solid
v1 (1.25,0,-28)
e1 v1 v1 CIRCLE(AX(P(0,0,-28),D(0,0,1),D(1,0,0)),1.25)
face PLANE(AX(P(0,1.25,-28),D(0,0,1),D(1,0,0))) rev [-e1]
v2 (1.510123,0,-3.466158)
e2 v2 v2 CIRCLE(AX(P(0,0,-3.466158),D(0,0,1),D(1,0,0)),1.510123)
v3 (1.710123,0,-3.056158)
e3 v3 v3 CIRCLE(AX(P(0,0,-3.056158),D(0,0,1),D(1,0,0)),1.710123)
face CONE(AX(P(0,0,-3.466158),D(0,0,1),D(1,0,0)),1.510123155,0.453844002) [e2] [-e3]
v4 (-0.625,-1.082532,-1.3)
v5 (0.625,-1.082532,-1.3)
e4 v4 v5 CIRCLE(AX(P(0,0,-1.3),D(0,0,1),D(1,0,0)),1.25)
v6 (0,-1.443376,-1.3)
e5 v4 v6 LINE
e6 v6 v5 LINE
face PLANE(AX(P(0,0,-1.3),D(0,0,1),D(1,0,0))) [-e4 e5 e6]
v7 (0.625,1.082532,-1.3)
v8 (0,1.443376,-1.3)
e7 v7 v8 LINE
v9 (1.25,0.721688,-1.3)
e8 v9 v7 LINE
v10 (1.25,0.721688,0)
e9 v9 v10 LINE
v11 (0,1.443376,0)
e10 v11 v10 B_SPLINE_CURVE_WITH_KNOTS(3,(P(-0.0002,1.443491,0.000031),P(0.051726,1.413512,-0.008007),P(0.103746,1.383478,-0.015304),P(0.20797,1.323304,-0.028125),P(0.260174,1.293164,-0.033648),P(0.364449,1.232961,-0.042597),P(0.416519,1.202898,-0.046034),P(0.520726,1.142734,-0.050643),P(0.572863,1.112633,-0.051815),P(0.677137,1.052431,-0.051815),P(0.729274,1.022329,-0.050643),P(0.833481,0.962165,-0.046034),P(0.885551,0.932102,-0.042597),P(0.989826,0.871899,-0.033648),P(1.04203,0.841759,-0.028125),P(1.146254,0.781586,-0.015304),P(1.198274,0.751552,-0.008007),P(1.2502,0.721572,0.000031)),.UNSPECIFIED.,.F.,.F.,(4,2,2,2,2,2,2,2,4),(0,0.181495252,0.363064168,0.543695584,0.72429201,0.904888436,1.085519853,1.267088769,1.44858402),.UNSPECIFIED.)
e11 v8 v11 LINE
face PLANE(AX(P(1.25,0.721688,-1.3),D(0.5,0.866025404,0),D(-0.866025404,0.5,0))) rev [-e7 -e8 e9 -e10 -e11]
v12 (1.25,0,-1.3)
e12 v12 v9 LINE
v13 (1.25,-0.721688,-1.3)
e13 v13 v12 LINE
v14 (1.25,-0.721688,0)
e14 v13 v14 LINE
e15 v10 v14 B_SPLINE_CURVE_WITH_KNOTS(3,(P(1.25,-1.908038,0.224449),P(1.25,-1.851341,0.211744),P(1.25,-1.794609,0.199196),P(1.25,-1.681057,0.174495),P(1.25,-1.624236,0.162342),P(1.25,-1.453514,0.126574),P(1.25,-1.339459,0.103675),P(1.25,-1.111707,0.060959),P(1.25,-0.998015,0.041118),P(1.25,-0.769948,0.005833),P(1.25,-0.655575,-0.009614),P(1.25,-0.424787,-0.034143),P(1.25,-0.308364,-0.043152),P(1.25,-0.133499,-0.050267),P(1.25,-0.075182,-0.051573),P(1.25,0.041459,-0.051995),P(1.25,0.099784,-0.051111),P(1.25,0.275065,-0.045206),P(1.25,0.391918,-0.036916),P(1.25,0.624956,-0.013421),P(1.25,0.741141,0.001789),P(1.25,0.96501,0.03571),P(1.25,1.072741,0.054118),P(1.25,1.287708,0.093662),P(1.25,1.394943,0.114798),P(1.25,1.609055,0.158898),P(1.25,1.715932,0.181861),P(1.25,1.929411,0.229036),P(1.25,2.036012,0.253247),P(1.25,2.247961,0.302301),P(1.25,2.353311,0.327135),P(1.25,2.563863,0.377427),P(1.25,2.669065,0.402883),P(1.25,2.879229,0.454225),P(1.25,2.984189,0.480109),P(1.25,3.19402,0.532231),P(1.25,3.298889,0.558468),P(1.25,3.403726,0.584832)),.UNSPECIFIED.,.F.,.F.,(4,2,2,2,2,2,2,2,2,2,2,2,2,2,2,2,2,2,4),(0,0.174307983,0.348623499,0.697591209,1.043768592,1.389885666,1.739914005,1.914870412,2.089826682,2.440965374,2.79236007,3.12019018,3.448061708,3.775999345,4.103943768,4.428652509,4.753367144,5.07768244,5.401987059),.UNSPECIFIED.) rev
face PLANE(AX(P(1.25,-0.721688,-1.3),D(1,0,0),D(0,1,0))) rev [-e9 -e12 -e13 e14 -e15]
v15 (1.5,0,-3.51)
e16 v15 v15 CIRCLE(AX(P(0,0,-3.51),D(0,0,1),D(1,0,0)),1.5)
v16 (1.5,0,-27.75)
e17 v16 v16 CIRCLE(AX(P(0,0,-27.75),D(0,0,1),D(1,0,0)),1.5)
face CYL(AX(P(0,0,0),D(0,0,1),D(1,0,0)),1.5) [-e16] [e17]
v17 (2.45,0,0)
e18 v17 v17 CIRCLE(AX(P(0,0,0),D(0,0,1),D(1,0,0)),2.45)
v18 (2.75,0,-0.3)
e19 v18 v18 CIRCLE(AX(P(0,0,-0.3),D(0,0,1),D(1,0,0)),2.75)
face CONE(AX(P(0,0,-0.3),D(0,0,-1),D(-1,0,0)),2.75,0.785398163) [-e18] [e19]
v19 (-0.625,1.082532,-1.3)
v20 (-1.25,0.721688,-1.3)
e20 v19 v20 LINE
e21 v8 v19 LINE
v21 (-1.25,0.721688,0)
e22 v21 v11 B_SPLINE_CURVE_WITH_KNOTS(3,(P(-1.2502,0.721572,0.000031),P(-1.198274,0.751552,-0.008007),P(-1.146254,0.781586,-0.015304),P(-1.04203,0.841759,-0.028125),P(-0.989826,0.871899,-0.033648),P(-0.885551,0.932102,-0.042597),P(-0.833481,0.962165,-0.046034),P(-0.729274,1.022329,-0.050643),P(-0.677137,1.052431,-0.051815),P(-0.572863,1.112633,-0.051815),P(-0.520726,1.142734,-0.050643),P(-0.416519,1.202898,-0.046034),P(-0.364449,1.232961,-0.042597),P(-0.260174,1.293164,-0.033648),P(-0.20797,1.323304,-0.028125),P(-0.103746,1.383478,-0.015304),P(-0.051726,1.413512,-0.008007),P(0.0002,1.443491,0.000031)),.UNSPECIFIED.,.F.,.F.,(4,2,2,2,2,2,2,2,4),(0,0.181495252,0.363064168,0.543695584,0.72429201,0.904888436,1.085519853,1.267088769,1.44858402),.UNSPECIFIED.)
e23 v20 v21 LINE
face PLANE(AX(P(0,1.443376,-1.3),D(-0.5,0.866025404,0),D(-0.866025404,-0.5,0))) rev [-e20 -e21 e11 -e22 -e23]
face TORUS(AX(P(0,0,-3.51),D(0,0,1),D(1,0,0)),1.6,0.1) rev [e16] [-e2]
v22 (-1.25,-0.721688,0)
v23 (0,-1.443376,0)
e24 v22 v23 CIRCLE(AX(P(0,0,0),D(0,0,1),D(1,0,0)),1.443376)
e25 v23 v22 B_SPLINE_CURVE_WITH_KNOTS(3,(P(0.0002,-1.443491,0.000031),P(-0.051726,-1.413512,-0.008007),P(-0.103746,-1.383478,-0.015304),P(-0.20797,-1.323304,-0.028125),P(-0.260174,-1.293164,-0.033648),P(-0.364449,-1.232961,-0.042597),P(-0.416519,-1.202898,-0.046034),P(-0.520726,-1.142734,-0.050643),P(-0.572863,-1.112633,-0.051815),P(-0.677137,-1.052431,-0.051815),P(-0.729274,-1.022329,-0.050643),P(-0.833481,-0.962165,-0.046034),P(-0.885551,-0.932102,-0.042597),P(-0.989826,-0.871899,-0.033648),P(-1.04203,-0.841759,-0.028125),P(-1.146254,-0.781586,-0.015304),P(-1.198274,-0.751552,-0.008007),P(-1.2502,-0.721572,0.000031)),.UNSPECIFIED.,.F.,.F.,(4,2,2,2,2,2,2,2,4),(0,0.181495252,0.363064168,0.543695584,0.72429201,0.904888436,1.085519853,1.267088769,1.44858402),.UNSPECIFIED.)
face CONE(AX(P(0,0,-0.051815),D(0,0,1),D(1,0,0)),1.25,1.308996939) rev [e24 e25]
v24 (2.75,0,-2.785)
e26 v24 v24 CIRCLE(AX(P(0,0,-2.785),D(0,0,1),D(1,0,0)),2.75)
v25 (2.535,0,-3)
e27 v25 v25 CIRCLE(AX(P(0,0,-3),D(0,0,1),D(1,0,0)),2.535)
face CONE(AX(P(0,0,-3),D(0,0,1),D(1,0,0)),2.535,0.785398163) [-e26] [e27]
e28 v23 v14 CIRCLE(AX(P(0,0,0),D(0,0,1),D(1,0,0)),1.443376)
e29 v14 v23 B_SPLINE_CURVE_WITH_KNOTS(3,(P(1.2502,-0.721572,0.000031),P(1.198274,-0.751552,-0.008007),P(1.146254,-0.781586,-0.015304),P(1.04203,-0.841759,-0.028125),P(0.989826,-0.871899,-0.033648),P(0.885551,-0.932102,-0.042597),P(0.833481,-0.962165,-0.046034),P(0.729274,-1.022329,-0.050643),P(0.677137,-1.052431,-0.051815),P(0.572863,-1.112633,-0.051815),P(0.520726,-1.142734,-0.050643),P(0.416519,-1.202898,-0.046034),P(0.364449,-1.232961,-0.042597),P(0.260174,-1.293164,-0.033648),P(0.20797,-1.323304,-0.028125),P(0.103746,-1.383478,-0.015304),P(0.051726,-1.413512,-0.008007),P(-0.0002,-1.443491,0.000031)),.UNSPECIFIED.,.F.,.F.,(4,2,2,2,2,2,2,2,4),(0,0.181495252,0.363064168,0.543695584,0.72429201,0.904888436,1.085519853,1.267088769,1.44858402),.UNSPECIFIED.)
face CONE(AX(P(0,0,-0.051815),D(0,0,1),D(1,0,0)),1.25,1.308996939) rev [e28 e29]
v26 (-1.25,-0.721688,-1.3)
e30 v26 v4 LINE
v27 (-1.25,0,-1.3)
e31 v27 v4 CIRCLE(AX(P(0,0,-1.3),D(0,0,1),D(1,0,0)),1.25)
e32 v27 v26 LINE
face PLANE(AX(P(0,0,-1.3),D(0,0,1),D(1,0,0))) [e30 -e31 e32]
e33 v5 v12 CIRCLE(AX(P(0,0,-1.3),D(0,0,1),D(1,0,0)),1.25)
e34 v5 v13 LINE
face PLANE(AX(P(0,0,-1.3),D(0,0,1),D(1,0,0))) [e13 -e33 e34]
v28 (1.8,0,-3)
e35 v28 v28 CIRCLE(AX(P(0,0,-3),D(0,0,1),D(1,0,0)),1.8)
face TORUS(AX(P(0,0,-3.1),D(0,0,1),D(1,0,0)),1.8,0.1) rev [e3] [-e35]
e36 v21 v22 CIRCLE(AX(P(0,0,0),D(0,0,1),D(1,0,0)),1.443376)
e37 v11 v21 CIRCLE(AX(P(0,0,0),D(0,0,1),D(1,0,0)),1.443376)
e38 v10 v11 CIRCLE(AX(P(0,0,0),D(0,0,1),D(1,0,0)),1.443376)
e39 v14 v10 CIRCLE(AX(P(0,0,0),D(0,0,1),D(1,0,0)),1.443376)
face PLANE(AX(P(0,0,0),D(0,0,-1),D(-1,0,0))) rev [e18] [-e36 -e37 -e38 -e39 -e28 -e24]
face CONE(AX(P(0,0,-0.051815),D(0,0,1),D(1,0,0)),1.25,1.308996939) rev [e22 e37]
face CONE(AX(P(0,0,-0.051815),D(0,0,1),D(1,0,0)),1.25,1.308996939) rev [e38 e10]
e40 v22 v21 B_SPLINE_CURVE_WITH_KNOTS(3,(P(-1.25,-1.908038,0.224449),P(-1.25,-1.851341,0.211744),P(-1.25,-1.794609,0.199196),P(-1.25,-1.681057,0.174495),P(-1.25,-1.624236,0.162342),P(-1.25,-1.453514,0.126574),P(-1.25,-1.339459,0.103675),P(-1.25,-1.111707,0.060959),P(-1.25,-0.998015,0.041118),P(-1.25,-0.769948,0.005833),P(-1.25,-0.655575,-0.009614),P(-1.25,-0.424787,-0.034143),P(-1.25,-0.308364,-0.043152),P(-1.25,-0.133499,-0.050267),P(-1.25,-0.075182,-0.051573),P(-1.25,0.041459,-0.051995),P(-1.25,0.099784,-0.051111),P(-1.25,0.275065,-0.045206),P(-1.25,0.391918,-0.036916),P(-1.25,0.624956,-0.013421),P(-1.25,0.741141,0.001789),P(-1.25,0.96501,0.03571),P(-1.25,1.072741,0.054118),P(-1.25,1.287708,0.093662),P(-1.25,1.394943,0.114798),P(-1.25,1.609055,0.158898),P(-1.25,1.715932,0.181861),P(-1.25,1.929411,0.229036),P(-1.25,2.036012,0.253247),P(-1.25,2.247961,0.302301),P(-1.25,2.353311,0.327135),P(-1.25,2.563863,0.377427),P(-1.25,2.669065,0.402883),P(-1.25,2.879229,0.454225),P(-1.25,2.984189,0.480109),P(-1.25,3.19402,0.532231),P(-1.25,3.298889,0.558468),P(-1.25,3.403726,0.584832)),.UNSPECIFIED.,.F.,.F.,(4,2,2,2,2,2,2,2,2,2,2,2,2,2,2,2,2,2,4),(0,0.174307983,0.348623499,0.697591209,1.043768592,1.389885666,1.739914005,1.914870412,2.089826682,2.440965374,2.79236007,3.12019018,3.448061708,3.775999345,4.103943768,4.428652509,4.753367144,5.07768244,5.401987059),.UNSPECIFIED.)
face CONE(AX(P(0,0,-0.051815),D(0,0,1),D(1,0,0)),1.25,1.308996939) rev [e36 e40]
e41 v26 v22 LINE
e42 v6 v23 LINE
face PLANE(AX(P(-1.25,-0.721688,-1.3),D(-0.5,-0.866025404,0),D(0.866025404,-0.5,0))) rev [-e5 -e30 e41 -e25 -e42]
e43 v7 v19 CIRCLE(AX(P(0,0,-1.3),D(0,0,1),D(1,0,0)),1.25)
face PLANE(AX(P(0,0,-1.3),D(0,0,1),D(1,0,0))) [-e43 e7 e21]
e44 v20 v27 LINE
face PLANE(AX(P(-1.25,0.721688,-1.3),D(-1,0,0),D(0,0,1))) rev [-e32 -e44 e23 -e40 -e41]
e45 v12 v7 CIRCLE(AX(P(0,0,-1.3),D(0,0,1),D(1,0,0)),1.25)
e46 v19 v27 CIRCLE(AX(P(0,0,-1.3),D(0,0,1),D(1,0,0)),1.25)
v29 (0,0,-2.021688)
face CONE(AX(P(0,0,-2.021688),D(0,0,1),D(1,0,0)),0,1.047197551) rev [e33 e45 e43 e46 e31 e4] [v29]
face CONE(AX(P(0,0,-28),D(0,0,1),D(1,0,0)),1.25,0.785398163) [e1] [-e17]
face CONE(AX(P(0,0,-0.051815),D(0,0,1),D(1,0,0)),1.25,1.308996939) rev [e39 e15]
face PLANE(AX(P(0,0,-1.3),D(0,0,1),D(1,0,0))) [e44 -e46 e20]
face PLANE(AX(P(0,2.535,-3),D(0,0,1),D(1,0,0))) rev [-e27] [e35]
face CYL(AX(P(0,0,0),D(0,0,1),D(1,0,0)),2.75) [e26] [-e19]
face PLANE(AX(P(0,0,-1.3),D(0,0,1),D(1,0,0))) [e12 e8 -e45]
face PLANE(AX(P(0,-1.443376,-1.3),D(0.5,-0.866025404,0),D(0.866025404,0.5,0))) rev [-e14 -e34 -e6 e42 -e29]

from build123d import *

# Parameters (mm, degrees)
CUT_EXTRUDE1_DEPTH = 1.3


with BuildPart() as part:
    # Sketch1 → Revolve1 (revolve)
    with BuildSketch(Plane(origin=(0, 0, 0), x_dir=(0, 0, -1), z_dir=(1, 0, 0))):
        with BuildLine():
            Line((0, 0), (0, 2.45))
            Line((0, 2.45), (0.3, 2.75))
            Line((0.3, 2.75), (2.785, 2.75))
            Line((2.785, 2.75), (3, 2.535))
            Line((3, 2.535), (3, 1.8))
            ThreePointArc((3, 1.8), (3.015193643, 1.74701055), (3.056157637, 1.710123155))
            Line((3.056157637, 1.710123155), (3.466157637, 1.510123155))
            ThreePointArc((3.466157637, 1.510123155), (3.48750205, 1.50256365), (3.51, 1.5))
            Line((3.51, 1.5), (27.75, 1.5))
            Line((27.75, 1.5), (28, 1.25))
            Line((28, 1.25), (28, 0))
            Line((28, 0), (0, 0))
        make_face()
    revolve(axis=Axis((0, 0, 0), (0, 0, -1)))

    # Sketch2 → Cut-Extrude1 (cut)
    with BuildSketch(Plane.XY):
        Polygon((0, 1.443375673), (-1.25, 0.721687836), (-1.25, -0.721687836), (0, -1.443375673), (1.25, -0.721687836), (1.25, 0.721687836), align=None)
    extrude(amount=-CUT_EXTRUDE1_DEPTH, mode=Mode.SUBTRACT)

    # Sketch3 → Cut-Revolve2 (revolve, cut)
    with BuildSketch(Plane(origin=(0, 0, 0), x_dir=(0, 0, -1), z_dir=(1, 0, 0))):
        Polygon((1.3, 0), (1.3, 1.25), (2.021687836, 0), align=None)
    revolve(axis=Axis((0, 0, -1.3), (0, 0, -1)), mode=Mode.SUBTRACT)

    # Sketch4 → Cut-Revolve3 (revolve, cut)
    with BuildSketch(Plane(origin=(0, 0, 0), x_dir=(0, 0, -1), z_dir=(1, 0, 0))):
        Polygon((0, 1.443375673), (0, 1.25), (0.051814855, 1.25), align=None)
    revolve(axis=Axis((0, 0, 0), (0, 0, -1)), mode=Mode.SUBTRACT)


solid = part.part
